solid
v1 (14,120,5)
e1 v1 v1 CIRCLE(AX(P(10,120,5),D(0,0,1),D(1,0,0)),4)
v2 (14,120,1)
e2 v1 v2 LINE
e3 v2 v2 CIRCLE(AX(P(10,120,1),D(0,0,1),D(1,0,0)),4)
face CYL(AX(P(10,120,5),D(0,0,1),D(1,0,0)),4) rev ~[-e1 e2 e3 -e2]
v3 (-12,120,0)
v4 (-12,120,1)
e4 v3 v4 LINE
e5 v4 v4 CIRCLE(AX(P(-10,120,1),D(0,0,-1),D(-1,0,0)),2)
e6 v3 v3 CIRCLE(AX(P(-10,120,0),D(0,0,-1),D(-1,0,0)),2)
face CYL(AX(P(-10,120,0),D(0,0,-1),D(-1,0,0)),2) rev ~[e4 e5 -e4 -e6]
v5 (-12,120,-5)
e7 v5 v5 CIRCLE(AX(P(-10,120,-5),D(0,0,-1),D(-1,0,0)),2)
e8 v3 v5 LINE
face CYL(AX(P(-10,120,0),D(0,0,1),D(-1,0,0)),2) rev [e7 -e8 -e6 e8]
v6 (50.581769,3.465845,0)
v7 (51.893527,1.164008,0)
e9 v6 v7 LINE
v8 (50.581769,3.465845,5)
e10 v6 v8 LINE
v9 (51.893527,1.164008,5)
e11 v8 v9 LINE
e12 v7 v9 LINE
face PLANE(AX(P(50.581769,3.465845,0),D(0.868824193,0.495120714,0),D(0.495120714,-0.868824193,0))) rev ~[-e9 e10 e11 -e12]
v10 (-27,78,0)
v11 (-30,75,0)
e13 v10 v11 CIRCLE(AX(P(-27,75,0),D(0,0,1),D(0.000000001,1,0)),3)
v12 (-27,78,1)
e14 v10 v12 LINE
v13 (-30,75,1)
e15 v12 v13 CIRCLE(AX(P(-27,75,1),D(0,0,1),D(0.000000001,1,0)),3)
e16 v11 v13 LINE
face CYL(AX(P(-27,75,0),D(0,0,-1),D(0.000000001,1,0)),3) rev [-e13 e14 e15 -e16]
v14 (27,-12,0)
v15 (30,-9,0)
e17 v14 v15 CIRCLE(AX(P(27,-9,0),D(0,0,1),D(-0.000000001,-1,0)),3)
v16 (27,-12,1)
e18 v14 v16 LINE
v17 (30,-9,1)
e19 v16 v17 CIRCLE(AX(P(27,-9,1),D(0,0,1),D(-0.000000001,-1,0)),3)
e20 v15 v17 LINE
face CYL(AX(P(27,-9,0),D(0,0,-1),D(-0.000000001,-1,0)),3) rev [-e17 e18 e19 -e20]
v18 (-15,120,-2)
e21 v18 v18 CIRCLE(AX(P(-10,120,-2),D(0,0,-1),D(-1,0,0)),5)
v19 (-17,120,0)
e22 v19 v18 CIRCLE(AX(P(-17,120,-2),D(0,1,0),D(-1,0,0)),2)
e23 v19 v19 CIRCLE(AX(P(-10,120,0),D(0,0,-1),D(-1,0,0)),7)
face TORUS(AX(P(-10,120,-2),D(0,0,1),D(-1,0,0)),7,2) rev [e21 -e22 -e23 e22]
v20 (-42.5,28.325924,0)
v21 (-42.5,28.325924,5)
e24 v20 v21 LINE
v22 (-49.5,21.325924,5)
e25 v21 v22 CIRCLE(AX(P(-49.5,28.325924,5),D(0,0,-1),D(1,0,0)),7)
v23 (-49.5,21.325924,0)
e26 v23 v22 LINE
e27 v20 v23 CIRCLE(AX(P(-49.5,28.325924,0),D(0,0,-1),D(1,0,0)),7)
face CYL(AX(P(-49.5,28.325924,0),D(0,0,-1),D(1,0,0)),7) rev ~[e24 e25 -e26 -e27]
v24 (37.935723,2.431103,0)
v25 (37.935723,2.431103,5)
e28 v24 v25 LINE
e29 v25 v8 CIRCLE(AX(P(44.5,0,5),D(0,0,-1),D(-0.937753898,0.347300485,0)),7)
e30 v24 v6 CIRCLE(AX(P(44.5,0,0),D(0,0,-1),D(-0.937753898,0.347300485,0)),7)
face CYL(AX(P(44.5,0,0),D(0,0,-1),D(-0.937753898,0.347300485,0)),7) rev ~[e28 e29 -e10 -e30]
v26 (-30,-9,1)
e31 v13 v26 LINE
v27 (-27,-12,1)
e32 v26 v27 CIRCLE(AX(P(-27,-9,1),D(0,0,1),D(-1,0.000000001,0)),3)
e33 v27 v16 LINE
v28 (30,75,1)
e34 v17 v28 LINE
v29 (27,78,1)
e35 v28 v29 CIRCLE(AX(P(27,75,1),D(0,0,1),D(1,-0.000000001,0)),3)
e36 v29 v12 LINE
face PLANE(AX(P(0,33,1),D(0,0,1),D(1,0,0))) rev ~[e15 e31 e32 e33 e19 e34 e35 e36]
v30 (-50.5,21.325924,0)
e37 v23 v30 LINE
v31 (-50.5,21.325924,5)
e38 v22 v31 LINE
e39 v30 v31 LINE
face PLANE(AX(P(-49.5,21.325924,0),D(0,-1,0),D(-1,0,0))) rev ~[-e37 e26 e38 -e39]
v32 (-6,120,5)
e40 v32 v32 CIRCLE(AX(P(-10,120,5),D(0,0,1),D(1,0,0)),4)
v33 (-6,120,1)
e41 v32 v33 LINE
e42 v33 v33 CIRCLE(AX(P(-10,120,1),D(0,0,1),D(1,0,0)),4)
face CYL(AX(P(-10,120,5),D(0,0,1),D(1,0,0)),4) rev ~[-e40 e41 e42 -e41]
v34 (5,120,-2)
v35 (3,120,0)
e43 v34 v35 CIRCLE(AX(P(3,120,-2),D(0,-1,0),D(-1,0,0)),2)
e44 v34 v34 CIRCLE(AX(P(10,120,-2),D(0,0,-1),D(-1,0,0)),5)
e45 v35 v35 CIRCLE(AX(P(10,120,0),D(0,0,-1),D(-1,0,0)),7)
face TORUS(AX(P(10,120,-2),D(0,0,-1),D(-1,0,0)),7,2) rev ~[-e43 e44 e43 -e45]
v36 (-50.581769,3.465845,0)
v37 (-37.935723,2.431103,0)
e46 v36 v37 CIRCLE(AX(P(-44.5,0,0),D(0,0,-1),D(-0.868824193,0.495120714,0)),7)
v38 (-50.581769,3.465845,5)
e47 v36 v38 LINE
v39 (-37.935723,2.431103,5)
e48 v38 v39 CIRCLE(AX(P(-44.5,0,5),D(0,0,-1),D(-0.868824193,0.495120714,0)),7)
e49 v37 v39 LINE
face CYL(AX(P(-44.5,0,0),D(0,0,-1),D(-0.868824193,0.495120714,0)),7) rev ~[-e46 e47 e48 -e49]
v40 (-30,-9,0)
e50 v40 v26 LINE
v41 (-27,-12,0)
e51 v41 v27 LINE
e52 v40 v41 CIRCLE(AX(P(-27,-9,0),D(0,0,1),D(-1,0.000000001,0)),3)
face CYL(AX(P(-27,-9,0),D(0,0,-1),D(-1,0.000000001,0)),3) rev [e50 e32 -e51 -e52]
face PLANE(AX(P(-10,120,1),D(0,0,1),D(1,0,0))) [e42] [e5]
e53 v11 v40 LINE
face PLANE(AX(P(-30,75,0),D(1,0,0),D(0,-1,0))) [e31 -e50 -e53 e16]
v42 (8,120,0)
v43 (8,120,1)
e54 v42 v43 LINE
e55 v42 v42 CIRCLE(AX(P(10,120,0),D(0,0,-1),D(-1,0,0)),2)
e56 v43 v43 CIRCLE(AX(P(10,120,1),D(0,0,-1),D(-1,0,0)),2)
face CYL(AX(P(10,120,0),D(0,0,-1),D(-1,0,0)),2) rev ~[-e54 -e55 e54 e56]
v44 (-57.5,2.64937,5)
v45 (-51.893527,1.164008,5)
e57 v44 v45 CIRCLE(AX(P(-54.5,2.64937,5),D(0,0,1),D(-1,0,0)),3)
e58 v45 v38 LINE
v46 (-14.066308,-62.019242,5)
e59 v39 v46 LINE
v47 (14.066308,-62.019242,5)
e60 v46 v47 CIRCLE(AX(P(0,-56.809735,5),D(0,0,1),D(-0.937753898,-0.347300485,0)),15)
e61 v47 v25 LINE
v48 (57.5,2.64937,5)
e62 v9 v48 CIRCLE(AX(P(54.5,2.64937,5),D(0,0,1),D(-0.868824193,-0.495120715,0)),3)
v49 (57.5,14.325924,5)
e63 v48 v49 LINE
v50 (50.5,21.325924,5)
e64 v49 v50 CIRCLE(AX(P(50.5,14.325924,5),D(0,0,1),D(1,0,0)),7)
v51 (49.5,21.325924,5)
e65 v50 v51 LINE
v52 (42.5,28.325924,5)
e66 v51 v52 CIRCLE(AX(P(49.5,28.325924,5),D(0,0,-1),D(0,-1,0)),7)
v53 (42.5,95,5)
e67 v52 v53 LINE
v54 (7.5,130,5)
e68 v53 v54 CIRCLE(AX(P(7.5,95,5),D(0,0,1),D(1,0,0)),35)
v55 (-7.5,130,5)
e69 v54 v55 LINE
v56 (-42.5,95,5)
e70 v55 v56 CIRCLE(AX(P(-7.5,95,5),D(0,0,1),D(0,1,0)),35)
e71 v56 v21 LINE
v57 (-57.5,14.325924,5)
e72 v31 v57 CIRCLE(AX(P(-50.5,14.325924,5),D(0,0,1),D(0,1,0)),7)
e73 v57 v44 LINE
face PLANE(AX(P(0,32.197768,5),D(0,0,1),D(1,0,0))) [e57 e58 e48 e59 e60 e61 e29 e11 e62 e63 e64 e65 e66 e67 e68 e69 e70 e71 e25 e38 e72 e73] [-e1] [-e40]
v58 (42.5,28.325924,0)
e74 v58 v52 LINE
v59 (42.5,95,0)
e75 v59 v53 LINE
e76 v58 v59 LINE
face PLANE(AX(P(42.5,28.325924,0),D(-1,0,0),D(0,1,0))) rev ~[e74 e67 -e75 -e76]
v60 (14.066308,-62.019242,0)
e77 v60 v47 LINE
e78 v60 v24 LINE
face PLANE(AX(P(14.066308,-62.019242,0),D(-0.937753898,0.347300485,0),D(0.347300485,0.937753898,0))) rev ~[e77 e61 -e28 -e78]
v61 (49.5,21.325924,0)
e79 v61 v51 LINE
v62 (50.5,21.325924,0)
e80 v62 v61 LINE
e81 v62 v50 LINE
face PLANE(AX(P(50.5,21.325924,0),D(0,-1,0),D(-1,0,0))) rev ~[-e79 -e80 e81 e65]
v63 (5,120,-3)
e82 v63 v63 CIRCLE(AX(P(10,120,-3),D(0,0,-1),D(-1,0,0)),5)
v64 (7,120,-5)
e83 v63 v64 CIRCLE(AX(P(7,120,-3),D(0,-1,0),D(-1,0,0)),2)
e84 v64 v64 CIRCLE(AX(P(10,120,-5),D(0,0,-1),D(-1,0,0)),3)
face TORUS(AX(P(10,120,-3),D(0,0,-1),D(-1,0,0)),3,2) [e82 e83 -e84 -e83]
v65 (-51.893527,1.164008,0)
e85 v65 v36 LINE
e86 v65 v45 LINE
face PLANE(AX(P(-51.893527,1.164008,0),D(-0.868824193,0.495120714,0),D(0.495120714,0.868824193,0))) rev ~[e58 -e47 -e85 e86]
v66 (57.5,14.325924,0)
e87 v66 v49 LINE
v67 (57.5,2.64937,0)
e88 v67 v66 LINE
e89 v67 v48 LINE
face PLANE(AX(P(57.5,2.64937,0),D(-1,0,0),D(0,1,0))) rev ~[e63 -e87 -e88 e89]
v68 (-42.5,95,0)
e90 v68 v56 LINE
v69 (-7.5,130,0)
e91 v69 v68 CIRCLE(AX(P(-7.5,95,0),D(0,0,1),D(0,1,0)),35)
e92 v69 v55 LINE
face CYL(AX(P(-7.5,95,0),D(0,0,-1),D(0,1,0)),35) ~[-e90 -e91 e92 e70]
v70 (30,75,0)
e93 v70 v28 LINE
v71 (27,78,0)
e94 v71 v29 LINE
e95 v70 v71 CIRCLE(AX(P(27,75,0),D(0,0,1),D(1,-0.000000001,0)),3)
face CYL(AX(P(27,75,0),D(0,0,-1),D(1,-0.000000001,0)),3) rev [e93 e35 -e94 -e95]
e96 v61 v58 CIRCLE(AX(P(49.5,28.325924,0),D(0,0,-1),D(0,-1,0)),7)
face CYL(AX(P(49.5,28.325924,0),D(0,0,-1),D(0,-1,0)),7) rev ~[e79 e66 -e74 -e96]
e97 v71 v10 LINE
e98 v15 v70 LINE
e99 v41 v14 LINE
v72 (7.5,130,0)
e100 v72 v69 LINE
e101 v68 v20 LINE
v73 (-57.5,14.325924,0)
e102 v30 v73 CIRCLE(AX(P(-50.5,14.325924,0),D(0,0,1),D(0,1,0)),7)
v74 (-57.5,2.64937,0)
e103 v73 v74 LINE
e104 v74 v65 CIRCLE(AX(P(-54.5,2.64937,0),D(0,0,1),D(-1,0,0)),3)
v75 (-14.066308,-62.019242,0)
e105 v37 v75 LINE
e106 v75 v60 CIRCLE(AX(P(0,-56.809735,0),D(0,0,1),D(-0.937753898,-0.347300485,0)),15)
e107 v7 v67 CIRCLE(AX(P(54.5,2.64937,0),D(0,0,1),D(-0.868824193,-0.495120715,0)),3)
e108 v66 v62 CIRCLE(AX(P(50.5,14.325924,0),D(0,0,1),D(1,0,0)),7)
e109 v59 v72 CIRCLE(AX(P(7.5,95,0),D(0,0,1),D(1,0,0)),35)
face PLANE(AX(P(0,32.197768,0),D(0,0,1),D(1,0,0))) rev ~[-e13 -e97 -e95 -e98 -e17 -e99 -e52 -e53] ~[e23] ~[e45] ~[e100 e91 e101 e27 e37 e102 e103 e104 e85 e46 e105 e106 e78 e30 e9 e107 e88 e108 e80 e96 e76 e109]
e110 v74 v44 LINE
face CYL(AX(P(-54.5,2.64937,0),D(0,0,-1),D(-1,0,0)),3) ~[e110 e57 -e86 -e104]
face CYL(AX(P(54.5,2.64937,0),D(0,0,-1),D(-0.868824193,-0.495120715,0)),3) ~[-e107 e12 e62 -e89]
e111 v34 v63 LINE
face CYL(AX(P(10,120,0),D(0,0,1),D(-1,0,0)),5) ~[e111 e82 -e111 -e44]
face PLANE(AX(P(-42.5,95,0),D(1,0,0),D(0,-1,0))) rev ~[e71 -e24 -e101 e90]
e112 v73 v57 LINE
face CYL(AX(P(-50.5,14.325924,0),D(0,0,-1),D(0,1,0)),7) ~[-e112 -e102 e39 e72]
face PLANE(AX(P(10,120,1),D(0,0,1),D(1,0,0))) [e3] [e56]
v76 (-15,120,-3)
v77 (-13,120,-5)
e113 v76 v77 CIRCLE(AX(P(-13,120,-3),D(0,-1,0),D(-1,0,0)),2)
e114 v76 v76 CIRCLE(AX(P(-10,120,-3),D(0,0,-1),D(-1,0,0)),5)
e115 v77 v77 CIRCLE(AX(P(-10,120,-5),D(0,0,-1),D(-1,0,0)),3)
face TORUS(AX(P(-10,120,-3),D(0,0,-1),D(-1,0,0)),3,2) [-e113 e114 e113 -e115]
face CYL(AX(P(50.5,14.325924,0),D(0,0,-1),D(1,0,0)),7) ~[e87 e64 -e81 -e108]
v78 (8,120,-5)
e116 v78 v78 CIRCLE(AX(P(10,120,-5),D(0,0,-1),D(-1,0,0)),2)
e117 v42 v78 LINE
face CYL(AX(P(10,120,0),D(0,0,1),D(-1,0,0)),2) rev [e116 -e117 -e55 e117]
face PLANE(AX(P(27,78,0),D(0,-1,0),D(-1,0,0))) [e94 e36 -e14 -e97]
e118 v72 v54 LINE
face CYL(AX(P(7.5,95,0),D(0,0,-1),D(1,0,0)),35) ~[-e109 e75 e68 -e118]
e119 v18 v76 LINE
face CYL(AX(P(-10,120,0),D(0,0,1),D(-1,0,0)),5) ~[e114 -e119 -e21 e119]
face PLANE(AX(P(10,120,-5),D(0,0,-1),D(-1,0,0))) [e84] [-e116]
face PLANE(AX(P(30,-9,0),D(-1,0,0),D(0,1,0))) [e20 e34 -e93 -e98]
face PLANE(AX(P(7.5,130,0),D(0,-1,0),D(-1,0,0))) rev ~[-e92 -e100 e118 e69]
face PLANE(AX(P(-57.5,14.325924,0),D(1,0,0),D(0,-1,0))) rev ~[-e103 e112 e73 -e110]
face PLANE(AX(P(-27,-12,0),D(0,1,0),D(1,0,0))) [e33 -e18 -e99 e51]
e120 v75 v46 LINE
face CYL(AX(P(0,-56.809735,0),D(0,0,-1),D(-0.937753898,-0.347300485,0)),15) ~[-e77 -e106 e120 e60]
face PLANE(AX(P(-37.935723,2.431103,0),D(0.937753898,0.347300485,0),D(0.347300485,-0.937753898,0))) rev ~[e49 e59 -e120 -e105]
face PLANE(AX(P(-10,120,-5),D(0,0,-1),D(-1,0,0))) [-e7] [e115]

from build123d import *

# Parameters (mm, degrees)
DODANIE_WYCI_GNI_CIE1_DEPTH = 5
WYTNIJ_WYCI_GNI_CIE1_DEPTH  = 1
SZKIC3_R                    = 2
WYTNIJ_WYCI_GNI_CIE2_DEPTH  = 5
SZKIC4_R                    = 4
WYTNIJ_WYCI_GNI_CIE3_DEPTH  = 4
SZKIC5_R                    = 5
SZKIC5_R_2                  = 2
DODANIE_WYCI_GNI_CIE2_DEPTH = 5
ZAOKR_GLENIE1_R             = 2


with BuildPart() as part:
    # Szkic1 → Dodanie-wyciągnięcie1 (new body)
    with BuildSketch(Plane.XY):
        with BuildLine():
            Line((-37.935722713, 2.431103393), (-14.066308471, -62.019242173))
            ThreePointArc((-14.066308471, -62.019242173), (0, -71.809734903), (14.066308471, -62.019242173))
            Line((14.066308471, -62.019242173), (37.935722713, 2.431103393))
            ThreePointArc((37.935722713, 2.431103393), (43.929144479, 6.976684311), (50.581769351, 3.465845))
            Line((50.581769351, 3.465845), (51.893527421, 1.164008066))
            ThreePointArc((51.893527421, 1.164008066), (55.268304062, -0.250579595), (57.5, 2.649370209))
            Line((57.5, 2.649370209), (57.5, 14.325924396))
            ThreePointArc((57.5, 14.325924396), (55.449747468, 19.275671864), (50.5, 21.325924396))
            Line((50.5, 21.325924396), (49.5, 21.325924396))
            ThreePointArc((49.5, 21.325924396), (44.550252532, 23.376176928), (42.5, 28.325924396))
            Line((42.5, 28.325924396), (42.5, 95))
            ThreePointArc((42.5, 95), (32.248737342, 119.748737342), (7.5, 130))
            Line((7.5, 130), (-7.5, 130))
            ThreePointArc((-7.5, 130), (-32.248737342, 119.748737342), (-42.5, 95))
            Line((-42.5, 95), (-42.5, 28.325924396))
            ThreePointArc((-42.5, 28.325924396), (-44.550252532, 23.376176928), (-49.5, 21.325924396))
            Line((-49.5, 21.325924396), (-50.5, 21.325924396))
            ThreePointArc((-50.5, 21.325924396), (-55.449747468, 19.275671864), (-57.5, 14.325924396))
            Line((-57.5, 14.325924396), (-57.5, 2.649370209))
            ThreePointArc((-57.5, 2.649370209), (-55.268304062, -0.250579595), (-51.893527421, 1.164008066))
            Line((-51.893527421, 1.164008066), (-50.581769351, 3.465845))
            ThreePointArc((-50.581769351, 3.465845), (-43.929144479, 6.976684311), (-37.935722713, 2.431103393))
        make_face()
    extrude(amount=DODANIE_WYCI_GNI_CIE1_DEPTH)

    # Szkic2 → Wytnij-wyciągnięcie1 (cut)
    with BuildSketch(Plane(origin=(0, 0, 0), x_dir=(-1, 0, 0), z_dir=(0, 0, -1))):
        with BuildLine():
            Line((-27, 78), (27, 78))
            ThreePointArc((27, 78), (29.121320344, 77.121320344), (30, 75))
            Line((30, 75), (30, -9))
            ThreePointArc((30, -9), (29.121320344, -11.121320344), (27, -12))
            Line((27, -12), (-27, -12))
            ThreePointArc((-27, -12), (-29.121320344, -11.121320344), (-30, -9))
            Line((-30, -9), (-30, 75))
            ThreePointArc((-30, 75), (-29.121320344, 77.121320344), (-27, 78))
        make_face()
    extrude(amount=-WYTNIJ_WYCI_GNI_CIE1_DEPTH, mode=Mode.SUBTRACT)

    # Szkic3 → Wytnij-wyciągnięcie2 (cut)
    with BuildSketch(Plane(origin=(0, 0, 0), x_dir=(-1, 0, 0), z_dir=(0, 0, -1))):
        with Locations((-10, 120)):
            Circle(SZKIC3_R)
        with Locations((10, 120)):
            Circle(SZKIC3_R)
    extrude(amount=-WYTNIJ_WYCI_GNI_CIE2_DEPTH, mode=Mode.SUBTRACT)

    # Szkic4 → Wytnij-wyciągnięcie3 (cut)
    with BuildSketch(Plane.XY.offset(5)):
        with Locations((-10, 120)):
            Circle(SZKIC4_R)
        with Locations((10, 120)):
            Circle(SZKIC4_R)
    extrude(amount=-WYTNIJ_WYCI_GNI_CIE3_DEPTH, mode=Mode.SUBTRACT)

    # Szkic5 → Dodanie-wyciągnięcie2 (add)
    with BuildSketch(Plane(origin=(0, 0, 0), x_dir=(-1, 0, 0), z_dir=(0, 0, -1))):
        with Locations((-10, 120)):
            Circle(SZKIC5_R)
        with Locations((-10, 120)):
            Circle(SZKIC5_R_2, mode=Mode.SUBTRACT)
        with Locations((10, 120)):
            Circle(SZKIC5_R)
        with Locations((10, 120)):
            Circle(SZKIC5_R_2, mode=Mode.SUBTRACT)
    extrude(amount=DODANIE_WYCI_GNI_CIE2_DEPTH)

    # Zaokrąglenie1
    zaokr_glenie1_edges = [part.edges().sort_by_distance(p)[0] for p in [
        (15, 120, -5),
        (15, 120, 0),
        (-5, 120, -5),
        (-5, 120, 0),
    ]]
    fillet(zaokr_glenie1_edges, radius=ZAOKR_GLENIE1_R)


solid = part.part
